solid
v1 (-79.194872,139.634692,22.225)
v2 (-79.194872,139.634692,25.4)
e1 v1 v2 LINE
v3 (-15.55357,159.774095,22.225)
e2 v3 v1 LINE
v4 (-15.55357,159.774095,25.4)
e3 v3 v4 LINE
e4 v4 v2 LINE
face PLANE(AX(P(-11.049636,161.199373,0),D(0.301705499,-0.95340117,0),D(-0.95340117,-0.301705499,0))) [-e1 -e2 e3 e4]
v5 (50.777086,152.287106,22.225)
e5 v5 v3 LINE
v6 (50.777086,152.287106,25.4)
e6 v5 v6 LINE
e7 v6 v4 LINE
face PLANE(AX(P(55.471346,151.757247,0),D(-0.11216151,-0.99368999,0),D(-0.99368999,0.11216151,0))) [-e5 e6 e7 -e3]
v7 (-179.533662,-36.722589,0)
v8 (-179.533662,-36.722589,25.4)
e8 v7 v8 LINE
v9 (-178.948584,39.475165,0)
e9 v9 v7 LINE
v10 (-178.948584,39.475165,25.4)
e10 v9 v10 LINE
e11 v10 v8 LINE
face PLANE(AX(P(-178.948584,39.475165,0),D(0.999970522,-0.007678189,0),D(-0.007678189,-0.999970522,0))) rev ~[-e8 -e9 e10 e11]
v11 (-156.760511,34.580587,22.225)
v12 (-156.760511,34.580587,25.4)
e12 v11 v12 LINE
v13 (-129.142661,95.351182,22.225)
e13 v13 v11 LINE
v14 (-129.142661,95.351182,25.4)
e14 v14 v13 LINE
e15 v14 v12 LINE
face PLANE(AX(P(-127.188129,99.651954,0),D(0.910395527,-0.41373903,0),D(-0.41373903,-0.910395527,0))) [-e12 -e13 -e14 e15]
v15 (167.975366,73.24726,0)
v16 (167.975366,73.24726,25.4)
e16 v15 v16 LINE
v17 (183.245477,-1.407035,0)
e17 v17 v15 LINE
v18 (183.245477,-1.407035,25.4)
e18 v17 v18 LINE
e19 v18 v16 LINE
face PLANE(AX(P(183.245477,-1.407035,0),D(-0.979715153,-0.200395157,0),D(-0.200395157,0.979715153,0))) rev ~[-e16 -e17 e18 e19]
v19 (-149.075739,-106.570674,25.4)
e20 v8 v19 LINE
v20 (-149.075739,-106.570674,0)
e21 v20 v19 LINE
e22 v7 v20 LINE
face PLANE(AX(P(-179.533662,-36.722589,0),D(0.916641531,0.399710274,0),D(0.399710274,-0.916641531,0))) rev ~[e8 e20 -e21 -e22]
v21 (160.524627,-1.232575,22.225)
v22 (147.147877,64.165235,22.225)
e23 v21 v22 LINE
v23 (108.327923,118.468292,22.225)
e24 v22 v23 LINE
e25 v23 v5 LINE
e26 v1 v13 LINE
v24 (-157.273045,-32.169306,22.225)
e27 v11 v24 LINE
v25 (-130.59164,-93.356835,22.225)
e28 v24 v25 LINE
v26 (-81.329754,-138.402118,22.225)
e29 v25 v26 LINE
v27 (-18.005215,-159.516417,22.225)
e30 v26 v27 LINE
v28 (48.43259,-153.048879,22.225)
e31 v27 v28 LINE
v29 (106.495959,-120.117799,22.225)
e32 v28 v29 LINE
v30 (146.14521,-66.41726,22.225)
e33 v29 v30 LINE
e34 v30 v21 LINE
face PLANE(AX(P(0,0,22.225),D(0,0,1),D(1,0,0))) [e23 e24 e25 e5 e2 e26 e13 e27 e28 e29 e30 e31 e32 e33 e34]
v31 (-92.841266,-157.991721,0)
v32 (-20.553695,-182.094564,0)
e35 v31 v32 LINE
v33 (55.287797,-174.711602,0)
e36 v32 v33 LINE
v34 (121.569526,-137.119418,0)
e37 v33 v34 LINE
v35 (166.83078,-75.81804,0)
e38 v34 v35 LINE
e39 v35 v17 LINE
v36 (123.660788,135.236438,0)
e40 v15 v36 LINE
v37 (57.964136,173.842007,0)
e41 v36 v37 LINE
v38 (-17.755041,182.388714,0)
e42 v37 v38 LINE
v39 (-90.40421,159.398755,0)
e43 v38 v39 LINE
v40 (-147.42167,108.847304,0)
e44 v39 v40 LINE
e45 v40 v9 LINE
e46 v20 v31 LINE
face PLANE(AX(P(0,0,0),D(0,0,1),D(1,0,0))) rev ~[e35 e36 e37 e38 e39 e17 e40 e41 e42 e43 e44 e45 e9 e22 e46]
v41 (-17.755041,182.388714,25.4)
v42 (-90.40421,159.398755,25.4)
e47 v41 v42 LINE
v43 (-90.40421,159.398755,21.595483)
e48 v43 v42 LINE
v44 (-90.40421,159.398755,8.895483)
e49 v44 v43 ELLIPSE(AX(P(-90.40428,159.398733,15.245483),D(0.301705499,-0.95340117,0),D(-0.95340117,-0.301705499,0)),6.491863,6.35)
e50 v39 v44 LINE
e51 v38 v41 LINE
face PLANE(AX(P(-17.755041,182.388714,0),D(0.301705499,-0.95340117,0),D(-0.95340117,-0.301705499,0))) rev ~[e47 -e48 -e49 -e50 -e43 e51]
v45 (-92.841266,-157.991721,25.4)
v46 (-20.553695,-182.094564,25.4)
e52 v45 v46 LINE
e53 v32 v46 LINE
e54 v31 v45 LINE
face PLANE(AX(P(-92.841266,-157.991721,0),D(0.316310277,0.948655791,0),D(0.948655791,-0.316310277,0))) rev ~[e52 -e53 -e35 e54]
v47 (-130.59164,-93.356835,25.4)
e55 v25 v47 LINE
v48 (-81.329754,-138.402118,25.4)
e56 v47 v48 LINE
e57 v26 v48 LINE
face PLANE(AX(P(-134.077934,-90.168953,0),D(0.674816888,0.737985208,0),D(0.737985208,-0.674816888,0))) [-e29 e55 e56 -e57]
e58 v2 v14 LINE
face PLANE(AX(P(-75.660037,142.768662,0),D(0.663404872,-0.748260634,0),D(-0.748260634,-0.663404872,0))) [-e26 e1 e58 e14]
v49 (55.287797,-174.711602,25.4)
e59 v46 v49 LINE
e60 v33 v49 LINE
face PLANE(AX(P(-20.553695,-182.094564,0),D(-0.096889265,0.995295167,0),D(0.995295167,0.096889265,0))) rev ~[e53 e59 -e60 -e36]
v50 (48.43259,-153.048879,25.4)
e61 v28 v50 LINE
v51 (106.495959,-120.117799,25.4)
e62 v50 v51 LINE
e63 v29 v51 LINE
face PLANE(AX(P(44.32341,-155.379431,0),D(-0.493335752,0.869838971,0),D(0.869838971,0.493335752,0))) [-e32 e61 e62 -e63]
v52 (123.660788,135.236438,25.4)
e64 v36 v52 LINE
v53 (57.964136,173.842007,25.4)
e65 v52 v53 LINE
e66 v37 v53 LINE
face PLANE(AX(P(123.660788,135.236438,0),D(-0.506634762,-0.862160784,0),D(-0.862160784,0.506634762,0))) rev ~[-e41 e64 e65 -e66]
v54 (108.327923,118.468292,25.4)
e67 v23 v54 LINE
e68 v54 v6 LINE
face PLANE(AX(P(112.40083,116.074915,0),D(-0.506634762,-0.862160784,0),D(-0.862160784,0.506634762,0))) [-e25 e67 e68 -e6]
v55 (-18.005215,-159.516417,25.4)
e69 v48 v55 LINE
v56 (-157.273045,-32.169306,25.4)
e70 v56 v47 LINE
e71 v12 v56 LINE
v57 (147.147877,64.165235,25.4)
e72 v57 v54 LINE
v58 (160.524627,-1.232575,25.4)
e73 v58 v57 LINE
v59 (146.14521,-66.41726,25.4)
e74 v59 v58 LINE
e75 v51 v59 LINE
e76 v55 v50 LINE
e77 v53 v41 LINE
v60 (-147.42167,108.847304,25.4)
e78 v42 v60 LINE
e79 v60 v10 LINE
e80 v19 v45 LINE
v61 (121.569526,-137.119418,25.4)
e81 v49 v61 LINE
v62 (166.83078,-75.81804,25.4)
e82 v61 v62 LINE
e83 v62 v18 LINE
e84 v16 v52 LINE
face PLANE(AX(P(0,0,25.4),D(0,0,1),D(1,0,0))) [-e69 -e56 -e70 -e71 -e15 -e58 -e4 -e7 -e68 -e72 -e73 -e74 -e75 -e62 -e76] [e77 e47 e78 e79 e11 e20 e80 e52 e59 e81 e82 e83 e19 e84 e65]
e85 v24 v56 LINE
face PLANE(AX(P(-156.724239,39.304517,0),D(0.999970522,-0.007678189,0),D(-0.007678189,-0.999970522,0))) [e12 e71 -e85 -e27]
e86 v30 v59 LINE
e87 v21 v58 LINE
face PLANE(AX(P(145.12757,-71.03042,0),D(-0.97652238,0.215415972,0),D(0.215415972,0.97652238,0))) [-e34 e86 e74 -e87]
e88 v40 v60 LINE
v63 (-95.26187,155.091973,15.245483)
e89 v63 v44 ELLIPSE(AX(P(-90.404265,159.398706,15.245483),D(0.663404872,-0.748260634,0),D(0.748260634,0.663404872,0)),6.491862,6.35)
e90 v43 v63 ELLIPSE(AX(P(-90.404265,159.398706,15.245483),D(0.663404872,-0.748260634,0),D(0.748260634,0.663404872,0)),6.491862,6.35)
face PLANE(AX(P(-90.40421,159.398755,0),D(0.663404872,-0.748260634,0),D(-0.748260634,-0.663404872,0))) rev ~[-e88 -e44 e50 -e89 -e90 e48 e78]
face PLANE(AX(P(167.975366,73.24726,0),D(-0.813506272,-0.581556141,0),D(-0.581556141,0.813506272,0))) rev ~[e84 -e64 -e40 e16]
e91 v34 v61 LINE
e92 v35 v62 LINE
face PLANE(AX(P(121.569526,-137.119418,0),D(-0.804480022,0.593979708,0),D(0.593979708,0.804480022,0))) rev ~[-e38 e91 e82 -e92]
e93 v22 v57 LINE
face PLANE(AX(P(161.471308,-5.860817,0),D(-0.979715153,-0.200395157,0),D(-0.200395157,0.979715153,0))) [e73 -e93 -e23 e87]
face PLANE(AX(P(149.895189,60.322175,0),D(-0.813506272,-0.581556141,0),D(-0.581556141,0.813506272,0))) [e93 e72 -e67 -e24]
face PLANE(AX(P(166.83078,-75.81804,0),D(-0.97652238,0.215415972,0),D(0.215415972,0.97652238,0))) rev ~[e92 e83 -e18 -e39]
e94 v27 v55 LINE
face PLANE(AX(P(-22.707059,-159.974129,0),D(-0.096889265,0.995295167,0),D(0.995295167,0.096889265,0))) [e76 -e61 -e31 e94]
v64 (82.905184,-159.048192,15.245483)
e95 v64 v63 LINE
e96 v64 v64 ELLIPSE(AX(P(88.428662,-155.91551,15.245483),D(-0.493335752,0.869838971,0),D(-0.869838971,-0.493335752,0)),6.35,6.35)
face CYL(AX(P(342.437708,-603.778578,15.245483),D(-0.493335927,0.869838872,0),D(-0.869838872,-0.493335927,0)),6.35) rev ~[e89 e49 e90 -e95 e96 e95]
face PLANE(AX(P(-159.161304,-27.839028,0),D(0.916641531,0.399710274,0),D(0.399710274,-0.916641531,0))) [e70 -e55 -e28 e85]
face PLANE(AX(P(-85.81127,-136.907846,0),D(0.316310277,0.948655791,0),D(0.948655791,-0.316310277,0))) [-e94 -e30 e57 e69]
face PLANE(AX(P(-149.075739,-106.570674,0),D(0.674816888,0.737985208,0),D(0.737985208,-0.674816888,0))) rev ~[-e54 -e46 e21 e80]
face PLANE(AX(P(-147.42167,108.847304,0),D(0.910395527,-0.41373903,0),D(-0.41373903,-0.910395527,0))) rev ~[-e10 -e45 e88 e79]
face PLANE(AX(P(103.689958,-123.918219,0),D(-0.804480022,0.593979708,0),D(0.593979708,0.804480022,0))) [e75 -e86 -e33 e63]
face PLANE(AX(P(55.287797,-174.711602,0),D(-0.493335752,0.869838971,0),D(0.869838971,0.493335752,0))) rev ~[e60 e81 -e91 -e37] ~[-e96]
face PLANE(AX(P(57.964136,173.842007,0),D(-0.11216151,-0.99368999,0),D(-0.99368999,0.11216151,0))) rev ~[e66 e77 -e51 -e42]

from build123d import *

# Parameters (mm, degrees)
F1_DEPTH = 25.4
F2_T     = -22.225
F4_D     = 12.7


with BuildPart() as f1:
    # F0 (on Top) → F1 (new body)
    with BuildSketch(Plane.XY):
        Polygon((-147.42167, 108.847304), (-178.948584, 39.475165), (-179.533662, -36.722589), (-149.075739, -106.570674), (-92.841266, -157.991721), (-20.553695, -182.094564), (55.287797, -174.711602), (121.569526, -137.119418), (166.83078, -75.81804), (183.245477, -1.407035), (167.975366, 73.24726), (123.660788, 135.236438), (57.964136, 173.842007), (-17.755041, 182.388714), (-90.40421, 159.398755), align=None)
    extrude(amount=F1_DEPTH)

    # F2
    f2_openings = [f1.faces().sort_by_distance(p)[0] for p in [
        (0, 0, 25.4),
    ]]
    offset(amount=F2_T, openings=f2_openings)

    # F4 (through all)
    with Locations(Plane(origin=(88.428662, -155.91551, 0), x_dir=(0.869839, 0.493336, 0), z_dir=(0.493336, -0.869839, 0))):
        with Locations((0, 15.245483)):
            Hole(F4_D / 2)


solid = f1.part
